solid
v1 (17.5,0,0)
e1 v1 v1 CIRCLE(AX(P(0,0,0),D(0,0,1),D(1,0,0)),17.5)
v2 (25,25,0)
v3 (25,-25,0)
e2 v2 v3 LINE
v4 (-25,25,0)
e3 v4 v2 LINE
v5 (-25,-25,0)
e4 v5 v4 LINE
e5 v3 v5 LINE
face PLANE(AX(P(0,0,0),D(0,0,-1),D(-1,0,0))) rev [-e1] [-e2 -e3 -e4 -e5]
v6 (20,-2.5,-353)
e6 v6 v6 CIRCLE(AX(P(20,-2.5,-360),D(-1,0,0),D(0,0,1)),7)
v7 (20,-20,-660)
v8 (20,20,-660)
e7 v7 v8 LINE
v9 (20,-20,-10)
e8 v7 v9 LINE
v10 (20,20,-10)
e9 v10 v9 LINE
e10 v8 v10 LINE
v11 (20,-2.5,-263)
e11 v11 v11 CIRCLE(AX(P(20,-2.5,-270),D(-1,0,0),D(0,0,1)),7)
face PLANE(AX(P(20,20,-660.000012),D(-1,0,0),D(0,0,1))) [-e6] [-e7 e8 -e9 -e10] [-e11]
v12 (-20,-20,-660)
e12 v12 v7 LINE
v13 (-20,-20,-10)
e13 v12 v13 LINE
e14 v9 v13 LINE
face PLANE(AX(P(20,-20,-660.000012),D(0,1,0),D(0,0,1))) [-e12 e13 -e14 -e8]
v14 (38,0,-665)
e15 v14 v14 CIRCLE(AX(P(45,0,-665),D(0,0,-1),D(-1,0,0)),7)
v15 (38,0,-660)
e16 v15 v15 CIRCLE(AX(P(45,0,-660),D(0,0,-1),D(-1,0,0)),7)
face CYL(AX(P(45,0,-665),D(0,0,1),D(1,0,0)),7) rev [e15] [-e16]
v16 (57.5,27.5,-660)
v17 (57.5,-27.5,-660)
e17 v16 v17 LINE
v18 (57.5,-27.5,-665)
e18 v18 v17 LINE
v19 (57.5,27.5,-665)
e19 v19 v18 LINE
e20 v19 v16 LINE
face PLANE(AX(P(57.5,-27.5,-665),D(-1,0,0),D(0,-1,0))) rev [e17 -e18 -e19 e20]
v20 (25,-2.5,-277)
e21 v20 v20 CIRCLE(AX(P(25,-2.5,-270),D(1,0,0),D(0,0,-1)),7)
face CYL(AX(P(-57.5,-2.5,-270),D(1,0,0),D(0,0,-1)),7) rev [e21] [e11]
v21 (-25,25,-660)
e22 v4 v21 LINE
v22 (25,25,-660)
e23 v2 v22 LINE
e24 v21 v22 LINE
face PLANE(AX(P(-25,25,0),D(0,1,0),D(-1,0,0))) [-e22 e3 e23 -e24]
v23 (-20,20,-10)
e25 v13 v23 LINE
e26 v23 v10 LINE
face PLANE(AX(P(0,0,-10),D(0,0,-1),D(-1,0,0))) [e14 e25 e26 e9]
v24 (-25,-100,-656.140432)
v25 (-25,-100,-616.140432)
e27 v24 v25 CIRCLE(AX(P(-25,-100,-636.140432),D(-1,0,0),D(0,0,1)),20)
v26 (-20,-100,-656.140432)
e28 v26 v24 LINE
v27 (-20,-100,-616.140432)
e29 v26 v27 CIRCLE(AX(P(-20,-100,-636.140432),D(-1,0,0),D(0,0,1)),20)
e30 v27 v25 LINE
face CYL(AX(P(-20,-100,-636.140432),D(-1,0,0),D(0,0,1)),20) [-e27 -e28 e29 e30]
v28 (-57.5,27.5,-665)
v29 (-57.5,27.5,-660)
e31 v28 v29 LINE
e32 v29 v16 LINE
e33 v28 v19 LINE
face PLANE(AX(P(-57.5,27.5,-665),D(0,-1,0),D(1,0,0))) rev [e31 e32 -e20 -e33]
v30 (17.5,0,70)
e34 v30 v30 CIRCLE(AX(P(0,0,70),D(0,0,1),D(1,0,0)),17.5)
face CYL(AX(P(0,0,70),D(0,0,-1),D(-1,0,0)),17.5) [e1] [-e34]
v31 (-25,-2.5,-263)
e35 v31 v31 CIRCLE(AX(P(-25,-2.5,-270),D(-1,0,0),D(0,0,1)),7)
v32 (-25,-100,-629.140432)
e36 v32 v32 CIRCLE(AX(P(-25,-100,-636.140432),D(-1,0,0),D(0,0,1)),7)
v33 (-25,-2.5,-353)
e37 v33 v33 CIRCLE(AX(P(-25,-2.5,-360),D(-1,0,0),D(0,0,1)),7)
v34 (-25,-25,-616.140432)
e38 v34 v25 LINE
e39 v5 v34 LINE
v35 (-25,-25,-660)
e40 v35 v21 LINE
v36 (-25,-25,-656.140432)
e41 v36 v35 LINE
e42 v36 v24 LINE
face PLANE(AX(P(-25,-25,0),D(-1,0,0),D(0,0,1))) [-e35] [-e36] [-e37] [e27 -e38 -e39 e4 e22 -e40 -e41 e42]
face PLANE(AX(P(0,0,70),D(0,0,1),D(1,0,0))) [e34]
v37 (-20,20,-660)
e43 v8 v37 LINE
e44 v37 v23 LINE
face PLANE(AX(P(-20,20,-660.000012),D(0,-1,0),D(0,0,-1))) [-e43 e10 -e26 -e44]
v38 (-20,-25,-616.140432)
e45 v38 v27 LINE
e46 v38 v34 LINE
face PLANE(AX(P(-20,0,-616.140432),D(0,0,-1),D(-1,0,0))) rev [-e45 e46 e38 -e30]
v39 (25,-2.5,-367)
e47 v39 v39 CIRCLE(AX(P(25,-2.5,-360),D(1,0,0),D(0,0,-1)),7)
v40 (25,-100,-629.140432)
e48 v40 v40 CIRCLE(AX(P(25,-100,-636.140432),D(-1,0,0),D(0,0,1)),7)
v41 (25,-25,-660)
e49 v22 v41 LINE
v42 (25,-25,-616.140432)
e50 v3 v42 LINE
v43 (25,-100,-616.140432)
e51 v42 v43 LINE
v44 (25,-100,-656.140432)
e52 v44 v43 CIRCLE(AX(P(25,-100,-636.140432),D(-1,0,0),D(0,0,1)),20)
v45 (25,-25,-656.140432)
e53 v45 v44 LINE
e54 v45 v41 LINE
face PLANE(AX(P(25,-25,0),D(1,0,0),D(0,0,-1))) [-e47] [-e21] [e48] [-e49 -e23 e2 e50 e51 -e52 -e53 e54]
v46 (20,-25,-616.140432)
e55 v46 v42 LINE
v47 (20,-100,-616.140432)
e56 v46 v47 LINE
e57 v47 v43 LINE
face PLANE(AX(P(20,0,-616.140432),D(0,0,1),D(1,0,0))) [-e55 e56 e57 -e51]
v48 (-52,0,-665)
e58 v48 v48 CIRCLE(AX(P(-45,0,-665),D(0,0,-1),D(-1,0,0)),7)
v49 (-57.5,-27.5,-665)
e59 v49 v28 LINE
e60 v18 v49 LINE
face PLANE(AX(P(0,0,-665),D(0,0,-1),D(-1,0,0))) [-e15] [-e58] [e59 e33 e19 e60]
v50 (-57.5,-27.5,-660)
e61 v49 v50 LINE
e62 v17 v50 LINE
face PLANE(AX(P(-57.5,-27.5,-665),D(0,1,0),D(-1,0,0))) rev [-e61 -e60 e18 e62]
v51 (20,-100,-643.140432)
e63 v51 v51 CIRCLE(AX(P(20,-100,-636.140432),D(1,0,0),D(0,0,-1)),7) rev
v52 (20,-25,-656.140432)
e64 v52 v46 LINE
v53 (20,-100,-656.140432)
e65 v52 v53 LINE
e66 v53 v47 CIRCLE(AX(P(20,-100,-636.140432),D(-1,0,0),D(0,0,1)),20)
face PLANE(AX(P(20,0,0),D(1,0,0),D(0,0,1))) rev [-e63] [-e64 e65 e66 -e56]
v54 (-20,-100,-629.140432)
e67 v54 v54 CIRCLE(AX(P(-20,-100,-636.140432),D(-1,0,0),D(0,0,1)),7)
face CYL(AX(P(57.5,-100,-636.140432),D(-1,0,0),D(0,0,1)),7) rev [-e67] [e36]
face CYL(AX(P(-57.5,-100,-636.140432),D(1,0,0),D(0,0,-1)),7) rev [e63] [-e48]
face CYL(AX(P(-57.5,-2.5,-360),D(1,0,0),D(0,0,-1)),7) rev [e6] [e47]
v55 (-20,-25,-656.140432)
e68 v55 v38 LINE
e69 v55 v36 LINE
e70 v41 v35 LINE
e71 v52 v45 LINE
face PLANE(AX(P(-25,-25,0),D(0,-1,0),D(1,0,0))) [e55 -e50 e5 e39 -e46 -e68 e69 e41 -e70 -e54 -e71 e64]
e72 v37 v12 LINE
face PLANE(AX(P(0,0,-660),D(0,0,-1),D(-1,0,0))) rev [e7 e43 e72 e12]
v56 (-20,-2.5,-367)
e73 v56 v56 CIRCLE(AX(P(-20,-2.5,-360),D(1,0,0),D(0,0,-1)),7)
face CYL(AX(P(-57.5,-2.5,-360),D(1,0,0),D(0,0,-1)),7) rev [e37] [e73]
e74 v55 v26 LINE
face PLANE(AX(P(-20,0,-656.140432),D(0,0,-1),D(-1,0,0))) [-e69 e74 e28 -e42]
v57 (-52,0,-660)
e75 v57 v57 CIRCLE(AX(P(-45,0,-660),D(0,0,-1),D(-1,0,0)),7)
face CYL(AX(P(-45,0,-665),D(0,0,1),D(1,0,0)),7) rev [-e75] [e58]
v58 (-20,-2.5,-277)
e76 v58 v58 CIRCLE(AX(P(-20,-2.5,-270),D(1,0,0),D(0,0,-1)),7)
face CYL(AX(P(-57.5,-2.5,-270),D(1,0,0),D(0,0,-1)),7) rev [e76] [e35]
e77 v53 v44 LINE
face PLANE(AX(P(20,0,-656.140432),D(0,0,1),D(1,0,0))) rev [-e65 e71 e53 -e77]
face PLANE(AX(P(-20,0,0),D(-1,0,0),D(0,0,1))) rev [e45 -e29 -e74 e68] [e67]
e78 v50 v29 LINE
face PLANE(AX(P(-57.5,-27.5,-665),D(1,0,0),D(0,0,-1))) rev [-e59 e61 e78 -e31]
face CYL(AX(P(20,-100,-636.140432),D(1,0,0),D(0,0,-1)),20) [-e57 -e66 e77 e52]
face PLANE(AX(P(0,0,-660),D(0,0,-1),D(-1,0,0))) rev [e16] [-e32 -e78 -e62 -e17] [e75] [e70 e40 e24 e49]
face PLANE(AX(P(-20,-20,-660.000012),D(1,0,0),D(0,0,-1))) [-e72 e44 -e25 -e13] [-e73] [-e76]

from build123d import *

# Parameters (mm, degrees)
SKETCH1_R               = 17.5
BOSS_EXTRUDE1_DEPTH     = 70
SKETCH4_W               = 50
SKETCH4_H               = 50
CUT_EXTRUDE1_DEPTH      = 731.855662905
CUT_EXTRUDE1_DEPTH_BACK = 650
SKETCH5_W               = 40
SKETCH5_H               = 40
SKETCH6_W               = 115
SKETCH6_H               = 55
SKETCH6_R               = 7
BOSS_EXTRUDE2_DEPTH     = 5
BOSS_EXTRUDE4_DEPTH     = 5
SKETCH13_R              = 7
CUT_EXTRUDE4_DEPTH      = 681.757849753
CUT_EXTRUDE5_DEPTH      = 681.757849753
CUT_EXTRUDE5_DEPTH_BACK = 681.757849753
SKETCH14_R              = 7


with BuildPart() as part:
    # Sketch1 → Boss-Extrude1 (new body)
    with BuildSketch(Plane.XY):
        Circle(SKETCH1_R)
    extrude(amount=BOSS_EXTRUDE1_DEPTH)

    # Sweep1: sweep along a path in Sketch3
    with BuildLine(Plane(origin=(0, 0, 0), x_dir=(1, 0, 0), z_dir=(0, 1, 0))) as sweep1_path:
        Line((0, 0), (0, 660))
    # Sketch4 → Sweep1 (sweep)
    with BuildSketch(Plane(origin=(0, 0, 0), x_dir=(-1, 0, 0), z_dir=(0, 0, -1))):
        Rectangle(SKETCH4_W, SKETCH4_H)
    sweep(path=sweep1_path.line)

    # Sketch5 → Cut-Extrude1 (cut, two sides: drawn at the far end of the back side and taken through both)
    with BuildSketch(Plane(origin=(0, 0, -660), x_dir=(-1, 0, 0), z_dir=(0, 0, -1)).offset(-CUT_EXTRUDE1_DEPTH_BACK)):
        Rectangle(SKETCH5_W, SKETCH5_H)
    extrude(amount=CUT_EXTRUDE1_DEPTH + CUT_EXTRUDE1_DEPTH_BACK, mode=Mode.SUBTRACT)

    # Sketch6 → Boss-Extrude2 (add)
    with BuildSketch(Plane(origin=(0, 0, -660), x_dir=(-1, 0, 0), z_dir=(0, 0, -1))):
        Rectangle(SKETCH6_W, SKETCH6_H)
        with Locations((-45, 0)):
            Circle(SKETCH6_R, mode=Mode.SUBTRACT)
        with Locations((45, 0)):
            Circle(SKETCH6_R, mode=Mode.SUBTRACT)
    extrude(amount=BOSS_EXTRUDE2_DEPTH)

    # Sketch12 → Boss-Extrude4 (add)
    with BuildSketch(Plane.ZY.offset(25)):
        with BuildLine():
            Line((-616.140431975, -25), (-656.140431975, -25))
            Line((-656.140431975, -25), (-656.140431975, -100))
            ThreePointArc((-656.140431975, -100), (-636.140431975, -120), (-616.140431975, -100))
            Line((-616.140431975, -100), (-616.140431975, -25))
        make_face()
    boss_extrude4 = extrude(amount=-BOSS_EXTRUDE4_DEPTH)

    # Sketch13 → Cut-Extrude4 (cut, through all)
    with BuildSketch(Plane.ZY.offset(25)):
        with Locations((-636.140431975, -100)):
            Circle(SKETCH13_R)
    cut_extrude4 = extrude(amount=-CUT_EXTRUDE4_DEPTH, mode=Mode.SUBTRACT)

    # Mirror1: Boss-Extrude4 across plane
    add(boss_extrude4.mirror(Plane(origin=(0, 0, 0), x_dir=(0, 0, 1), z_dir=(1, 0, 0))))

    # Mirror2: Cut-Extrude4 across plane
    add(cut_extrude4.mirror(Plane(origin=(0, 0, 0), x_dir=(0, 0, 1), z_dir=(1, 0, 0))), mode=Mode.SUBTRACT)

    # Sketch14 → Cut-Extrude5 (cut, two sides: drawn at the far end of the back side and taken through both)
    with BuildSketch(Plane(origin=(25, 0, 0), x_dir=(0, 0, -1), z_dir=(1, 0, 0)).offset(-CUT_EXTRUDE5_DEPTH_BACK)):
        with Locations((270, -2.5)):
            Circle(SKETCH14_R)
        with Locations((360, -2.5)):
            Circle(SKETCH14_R)
    extrude(amount=CUT_EXTRUDE5_DEPTH + CUT_EXTRUDE5_DEPTH_BACK, mode=Mode.SUBTRACT)


solid = part.part
